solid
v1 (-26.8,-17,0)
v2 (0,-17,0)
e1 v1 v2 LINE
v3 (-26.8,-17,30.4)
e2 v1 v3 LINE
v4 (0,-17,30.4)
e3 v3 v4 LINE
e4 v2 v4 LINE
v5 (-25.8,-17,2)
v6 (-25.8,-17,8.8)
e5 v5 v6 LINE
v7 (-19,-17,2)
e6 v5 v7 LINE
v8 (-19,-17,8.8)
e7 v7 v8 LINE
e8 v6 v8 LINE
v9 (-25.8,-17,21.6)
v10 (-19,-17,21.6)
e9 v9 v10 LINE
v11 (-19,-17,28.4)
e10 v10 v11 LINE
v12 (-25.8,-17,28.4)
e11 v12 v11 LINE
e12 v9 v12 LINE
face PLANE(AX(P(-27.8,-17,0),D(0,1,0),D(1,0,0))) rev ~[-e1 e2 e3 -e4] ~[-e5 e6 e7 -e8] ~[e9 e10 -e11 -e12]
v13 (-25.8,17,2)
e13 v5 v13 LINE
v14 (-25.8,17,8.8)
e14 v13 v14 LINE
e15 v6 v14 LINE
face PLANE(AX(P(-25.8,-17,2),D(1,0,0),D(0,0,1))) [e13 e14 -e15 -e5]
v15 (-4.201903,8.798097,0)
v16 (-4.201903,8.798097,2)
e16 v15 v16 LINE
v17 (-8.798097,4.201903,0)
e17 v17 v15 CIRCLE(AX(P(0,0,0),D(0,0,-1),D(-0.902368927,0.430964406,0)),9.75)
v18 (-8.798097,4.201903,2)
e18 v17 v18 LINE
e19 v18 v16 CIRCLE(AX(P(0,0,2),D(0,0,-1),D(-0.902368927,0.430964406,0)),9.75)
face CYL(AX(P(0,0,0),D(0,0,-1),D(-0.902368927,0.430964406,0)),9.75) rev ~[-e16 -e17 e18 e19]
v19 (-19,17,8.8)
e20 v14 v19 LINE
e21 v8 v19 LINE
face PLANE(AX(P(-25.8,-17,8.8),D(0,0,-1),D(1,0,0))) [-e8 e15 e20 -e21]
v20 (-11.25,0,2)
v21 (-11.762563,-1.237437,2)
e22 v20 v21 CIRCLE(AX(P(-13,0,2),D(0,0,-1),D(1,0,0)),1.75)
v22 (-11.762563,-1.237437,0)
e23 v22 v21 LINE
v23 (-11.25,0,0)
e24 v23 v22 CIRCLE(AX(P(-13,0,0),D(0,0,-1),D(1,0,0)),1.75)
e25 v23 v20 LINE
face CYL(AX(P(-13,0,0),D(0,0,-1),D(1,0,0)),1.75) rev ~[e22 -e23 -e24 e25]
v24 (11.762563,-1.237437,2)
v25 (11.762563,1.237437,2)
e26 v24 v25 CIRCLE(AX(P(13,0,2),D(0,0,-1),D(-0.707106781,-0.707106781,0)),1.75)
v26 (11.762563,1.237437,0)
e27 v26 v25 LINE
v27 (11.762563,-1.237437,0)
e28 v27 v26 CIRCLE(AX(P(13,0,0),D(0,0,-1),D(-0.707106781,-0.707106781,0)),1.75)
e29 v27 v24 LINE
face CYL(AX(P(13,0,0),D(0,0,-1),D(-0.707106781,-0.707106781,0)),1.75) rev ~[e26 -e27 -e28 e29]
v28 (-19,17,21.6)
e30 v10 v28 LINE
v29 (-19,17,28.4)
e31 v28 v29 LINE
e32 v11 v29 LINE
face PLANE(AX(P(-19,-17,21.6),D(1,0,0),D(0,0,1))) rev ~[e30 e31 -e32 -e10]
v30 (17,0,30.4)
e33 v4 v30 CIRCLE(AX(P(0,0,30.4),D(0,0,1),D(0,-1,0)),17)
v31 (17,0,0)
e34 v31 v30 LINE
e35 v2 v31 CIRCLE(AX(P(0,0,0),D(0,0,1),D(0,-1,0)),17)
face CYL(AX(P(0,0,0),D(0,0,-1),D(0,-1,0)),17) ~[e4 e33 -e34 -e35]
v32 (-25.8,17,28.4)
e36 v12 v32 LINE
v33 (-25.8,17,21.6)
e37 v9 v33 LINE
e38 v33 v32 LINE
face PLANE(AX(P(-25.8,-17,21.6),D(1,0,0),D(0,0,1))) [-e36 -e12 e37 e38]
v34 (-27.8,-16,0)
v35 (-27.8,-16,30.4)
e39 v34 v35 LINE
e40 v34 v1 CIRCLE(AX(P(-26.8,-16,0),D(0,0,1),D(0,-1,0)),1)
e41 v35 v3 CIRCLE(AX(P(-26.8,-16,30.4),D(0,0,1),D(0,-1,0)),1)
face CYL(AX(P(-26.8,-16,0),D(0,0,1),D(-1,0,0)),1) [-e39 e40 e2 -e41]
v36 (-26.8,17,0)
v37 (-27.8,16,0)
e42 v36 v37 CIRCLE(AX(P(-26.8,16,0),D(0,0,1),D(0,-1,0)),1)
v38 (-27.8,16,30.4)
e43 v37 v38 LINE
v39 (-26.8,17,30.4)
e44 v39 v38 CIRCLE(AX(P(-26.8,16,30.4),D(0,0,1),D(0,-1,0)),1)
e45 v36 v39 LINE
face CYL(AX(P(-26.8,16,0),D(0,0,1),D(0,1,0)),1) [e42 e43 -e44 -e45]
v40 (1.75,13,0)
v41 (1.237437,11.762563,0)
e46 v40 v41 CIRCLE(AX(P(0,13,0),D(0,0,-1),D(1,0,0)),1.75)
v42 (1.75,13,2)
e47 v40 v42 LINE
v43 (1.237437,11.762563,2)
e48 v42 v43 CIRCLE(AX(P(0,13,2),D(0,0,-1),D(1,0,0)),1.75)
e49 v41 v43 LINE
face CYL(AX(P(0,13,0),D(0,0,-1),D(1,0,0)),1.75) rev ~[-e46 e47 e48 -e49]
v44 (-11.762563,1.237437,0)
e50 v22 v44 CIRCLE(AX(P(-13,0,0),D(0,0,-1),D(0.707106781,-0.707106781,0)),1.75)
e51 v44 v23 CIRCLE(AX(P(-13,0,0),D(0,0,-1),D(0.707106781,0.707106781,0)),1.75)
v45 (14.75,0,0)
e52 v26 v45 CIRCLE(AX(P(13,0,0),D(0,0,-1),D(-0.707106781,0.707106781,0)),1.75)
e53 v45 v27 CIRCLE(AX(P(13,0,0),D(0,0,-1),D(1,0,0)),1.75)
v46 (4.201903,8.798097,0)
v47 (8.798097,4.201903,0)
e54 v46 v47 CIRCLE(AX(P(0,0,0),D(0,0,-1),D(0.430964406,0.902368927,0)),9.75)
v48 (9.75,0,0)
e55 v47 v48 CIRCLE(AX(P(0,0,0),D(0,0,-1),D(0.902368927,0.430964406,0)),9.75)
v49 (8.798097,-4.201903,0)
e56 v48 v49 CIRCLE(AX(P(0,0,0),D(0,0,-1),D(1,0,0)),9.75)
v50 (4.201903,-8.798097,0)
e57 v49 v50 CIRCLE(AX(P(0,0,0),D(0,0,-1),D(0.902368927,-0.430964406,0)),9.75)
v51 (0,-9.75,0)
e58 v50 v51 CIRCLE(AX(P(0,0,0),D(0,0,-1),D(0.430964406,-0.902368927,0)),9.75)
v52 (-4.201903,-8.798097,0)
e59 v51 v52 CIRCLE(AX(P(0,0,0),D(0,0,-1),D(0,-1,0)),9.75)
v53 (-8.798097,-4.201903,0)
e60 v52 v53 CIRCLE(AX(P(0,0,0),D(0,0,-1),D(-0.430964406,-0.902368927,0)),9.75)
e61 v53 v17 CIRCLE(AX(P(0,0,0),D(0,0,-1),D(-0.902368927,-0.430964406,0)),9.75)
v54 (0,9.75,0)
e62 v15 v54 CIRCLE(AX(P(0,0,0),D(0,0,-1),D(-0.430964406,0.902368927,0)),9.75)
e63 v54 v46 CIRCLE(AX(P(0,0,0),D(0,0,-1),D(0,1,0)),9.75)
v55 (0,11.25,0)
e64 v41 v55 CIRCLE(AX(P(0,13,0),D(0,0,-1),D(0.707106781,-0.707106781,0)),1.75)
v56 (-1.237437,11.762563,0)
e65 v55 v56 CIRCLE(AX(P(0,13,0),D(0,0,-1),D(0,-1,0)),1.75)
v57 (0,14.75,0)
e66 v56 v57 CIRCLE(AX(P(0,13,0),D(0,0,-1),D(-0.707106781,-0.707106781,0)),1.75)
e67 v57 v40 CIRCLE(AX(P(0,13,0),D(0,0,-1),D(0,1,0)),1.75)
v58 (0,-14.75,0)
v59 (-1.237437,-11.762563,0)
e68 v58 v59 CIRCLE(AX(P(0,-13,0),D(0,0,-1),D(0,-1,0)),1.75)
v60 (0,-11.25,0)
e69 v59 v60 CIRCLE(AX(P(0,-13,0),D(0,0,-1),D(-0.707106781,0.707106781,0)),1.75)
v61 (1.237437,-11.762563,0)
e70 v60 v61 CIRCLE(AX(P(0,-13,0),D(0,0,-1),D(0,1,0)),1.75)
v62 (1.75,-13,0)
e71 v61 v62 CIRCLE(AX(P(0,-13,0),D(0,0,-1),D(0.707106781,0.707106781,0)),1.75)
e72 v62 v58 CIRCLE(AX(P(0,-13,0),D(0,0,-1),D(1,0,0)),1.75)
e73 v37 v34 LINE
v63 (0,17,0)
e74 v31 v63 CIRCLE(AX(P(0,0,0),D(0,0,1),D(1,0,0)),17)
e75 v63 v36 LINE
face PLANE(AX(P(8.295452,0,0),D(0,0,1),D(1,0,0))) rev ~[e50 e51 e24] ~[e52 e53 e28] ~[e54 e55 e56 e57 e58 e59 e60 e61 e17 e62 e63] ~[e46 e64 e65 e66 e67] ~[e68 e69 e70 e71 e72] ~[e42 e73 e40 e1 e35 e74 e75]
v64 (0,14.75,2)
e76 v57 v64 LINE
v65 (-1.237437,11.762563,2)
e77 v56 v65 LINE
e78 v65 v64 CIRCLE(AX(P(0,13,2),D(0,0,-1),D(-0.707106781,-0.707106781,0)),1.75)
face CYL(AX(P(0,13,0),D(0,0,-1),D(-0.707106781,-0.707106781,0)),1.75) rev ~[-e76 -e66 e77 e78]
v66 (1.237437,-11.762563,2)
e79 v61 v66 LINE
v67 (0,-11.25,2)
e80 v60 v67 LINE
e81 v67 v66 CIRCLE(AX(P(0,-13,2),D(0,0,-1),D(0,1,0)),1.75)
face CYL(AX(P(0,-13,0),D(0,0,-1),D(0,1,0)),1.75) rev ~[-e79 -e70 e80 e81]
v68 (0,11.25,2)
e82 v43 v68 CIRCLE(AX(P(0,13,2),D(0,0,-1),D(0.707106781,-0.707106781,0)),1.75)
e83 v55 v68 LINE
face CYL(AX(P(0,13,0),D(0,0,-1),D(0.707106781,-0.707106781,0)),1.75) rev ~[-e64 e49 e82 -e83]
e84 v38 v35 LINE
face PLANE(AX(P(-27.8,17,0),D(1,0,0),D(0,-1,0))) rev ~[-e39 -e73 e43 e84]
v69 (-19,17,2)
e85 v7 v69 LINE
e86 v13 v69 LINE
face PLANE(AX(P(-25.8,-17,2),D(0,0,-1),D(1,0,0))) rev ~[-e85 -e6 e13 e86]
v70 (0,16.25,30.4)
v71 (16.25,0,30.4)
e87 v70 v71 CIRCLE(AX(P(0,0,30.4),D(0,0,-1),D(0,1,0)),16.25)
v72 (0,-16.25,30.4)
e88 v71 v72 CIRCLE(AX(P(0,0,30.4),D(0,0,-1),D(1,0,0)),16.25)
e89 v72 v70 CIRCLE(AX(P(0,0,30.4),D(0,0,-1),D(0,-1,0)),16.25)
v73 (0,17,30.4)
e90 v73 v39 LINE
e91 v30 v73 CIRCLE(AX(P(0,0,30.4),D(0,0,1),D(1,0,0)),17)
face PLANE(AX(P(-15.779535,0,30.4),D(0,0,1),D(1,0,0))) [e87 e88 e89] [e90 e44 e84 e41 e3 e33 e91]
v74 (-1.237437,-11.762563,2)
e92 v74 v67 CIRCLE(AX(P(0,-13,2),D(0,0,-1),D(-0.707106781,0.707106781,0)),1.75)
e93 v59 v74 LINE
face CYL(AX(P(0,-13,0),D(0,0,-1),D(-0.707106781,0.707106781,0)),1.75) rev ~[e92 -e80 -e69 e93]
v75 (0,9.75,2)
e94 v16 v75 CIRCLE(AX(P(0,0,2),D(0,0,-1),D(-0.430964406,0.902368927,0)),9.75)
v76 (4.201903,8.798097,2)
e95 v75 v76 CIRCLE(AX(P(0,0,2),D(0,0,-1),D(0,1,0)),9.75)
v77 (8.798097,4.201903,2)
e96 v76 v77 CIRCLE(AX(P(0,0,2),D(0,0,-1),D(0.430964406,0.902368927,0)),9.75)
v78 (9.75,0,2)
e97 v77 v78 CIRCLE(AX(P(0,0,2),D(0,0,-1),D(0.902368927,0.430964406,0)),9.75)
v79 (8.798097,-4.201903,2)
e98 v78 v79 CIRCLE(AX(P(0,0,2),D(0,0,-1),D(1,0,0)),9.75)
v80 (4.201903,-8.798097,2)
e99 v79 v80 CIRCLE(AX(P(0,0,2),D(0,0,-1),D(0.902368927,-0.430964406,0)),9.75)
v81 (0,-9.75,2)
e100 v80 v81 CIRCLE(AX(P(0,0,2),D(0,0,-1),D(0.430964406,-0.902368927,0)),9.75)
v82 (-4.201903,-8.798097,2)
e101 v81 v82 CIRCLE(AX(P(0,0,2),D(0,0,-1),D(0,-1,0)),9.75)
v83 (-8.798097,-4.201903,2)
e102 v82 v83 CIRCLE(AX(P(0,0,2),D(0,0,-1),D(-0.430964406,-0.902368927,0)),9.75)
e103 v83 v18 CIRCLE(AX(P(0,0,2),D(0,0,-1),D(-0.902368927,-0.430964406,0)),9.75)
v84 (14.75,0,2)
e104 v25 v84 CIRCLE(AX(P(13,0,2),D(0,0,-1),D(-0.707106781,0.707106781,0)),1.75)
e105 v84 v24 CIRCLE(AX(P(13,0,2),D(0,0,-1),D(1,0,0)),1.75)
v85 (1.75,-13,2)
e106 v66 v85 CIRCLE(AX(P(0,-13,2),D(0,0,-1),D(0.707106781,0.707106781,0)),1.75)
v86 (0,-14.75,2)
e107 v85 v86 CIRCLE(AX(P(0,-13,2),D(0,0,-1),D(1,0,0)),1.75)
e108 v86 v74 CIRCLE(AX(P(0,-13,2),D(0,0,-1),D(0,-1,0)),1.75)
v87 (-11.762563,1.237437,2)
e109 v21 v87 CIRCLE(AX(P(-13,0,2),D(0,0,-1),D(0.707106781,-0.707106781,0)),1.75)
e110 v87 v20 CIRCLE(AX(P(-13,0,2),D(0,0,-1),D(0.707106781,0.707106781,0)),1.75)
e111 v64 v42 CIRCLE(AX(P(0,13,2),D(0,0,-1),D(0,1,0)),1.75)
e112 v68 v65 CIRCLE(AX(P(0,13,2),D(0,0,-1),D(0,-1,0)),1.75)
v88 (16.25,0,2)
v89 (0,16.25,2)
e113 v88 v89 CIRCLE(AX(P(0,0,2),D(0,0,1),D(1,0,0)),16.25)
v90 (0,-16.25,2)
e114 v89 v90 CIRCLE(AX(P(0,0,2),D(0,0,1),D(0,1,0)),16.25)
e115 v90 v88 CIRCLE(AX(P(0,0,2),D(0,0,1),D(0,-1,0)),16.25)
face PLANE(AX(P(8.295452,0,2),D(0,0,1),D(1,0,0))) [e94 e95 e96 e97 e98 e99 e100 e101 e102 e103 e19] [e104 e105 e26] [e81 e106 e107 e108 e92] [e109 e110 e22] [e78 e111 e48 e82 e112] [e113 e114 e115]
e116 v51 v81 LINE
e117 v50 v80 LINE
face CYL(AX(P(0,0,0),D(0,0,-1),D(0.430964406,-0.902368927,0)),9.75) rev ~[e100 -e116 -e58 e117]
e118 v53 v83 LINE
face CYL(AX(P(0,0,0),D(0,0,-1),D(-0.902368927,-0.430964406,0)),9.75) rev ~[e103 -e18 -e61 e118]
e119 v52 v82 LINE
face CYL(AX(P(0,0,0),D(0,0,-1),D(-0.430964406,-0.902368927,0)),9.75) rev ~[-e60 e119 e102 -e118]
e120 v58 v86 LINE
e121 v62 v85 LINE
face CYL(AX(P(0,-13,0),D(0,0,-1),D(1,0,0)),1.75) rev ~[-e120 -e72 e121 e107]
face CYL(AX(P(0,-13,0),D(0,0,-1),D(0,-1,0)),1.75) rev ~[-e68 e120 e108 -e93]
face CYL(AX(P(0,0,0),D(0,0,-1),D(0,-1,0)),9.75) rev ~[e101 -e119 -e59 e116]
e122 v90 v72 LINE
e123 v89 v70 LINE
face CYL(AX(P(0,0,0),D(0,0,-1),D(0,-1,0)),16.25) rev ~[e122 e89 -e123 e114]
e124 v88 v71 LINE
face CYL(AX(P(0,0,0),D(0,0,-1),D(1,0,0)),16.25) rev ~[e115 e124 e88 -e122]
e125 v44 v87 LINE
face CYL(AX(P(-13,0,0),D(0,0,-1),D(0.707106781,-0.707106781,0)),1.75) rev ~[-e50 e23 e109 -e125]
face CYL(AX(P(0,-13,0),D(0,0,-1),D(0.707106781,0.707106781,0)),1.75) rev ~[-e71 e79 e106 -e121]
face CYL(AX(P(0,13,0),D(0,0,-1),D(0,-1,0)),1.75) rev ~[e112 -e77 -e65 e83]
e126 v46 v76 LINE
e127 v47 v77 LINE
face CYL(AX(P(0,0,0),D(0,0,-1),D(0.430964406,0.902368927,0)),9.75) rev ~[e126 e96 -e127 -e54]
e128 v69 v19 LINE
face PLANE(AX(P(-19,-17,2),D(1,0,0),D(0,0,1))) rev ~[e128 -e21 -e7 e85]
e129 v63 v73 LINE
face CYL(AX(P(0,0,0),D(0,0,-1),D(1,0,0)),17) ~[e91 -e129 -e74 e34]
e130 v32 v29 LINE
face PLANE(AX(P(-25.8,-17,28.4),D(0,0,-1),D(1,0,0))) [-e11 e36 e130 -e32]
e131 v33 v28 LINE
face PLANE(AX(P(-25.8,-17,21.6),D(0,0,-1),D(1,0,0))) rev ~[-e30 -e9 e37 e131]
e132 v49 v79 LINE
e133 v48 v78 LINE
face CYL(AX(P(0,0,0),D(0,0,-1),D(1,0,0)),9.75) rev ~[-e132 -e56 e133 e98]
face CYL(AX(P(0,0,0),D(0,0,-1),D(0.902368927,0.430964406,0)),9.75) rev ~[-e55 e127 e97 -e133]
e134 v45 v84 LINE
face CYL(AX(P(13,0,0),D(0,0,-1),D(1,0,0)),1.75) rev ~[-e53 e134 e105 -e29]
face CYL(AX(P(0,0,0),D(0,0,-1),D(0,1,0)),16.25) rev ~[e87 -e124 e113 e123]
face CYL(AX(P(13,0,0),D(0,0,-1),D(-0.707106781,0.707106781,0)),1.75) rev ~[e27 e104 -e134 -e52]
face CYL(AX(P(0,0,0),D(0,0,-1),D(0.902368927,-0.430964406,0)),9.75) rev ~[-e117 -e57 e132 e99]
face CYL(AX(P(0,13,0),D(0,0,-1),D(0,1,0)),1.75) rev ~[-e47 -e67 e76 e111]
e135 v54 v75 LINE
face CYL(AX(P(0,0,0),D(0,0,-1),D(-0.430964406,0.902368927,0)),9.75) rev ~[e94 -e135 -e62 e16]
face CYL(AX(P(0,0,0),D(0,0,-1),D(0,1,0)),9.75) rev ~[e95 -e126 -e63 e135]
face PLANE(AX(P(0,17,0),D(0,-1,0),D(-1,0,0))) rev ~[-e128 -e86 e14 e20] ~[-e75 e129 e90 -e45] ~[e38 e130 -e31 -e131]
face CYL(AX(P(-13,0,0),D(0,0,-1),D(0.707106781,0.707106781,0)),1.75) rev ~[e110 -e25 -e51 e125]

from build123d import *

# Parameters (mm, degrees)
F1_DEPTH = 30.4
F2_DEPTH = 2
F3_W     = 6.8
F3_H     = 6.8
F4_DEPTH = 50
F5_R     = 1


with BuildPart() as f1:
    # F0 (on Top) → F1 (new body)
    with BuildSketch(Plane.XY):
        with BuildLine():
            ThreePointArc((0, -17), (-17, 0), (0, 17))
            Line((0, 17), (-27.8, 17))
            Line((-27.8, 17), (-27.8, -17))
            Line((-27.8, -17), (0, -17))
        make_face()
        with BuildLine():
            ThreePointArc((0, -16.25), (-16.25, 0), (0, 16.25))
            Line((0, 16.25), (0, 17))
            ThreePointArc((0, 17), (-17, 0), (0, -17))
            Line((0, -17), (0, -16.25))
        make_face()
        with BuildLine():
            ThreePointArc((0, 16.25), (11.4904851943, 11.4904851943), (16.25, 0))
            ThreePointArc((16.25, 0), (11.4904851943, -11.4904851943), (0, -16.25))
            Line((0, -16.25), (0, -17))
            ThreePointArc((0, -17), (12.0208152802, -12.0208152802), (17, 0))
            ThreePointArc((17, 0), (12.0208152802, 12.0208152802), (0, 17))
            Line((0, 17), (0, 16.25))
        make_face()
    extrude(amount=F1_DEPTH)

    # F0 (on Top) → F2 (join)
    with BuildSketch(Plane.XY):
        with BuildLine():
            ThreePointArc((0, -16.25), (11.4904851943, -11.4904851943), (16.25, 0))
            ThreePointArc((16.25, 0), (11.4904851943, 11.4904851943), (0, 16.25))
            Line((0, 16.25), (0, 14.75))
            ThreePointArc((0, 14.75), (1.2374368671, 14.2374368671), (1.75, 13))
            ThreePointArc((1.75, 13), (1.6167891819, 12.3303039934), (1.2374368671, 11.7625631329))
            Line((1.2374368671, 11.7625631329), (4.2019029611, 8.7980970389))
            ThreePointArc((4.2019029611, 8.7980970389), (6.8942911166, 6.8942911166), (8.7980970389, 4.2019029611))
            Line((8.7980970389, 4.2019029611), (11.7625631329, 1.2374368671))
            ThreePointArc((11.7625631329, 1.2374368671), (13.6696960066, 1.6167891819), (14.75, 0))
            ThreePointArc((14.75, 0), (13.6696960066, -1.6167891819), (11.7625631329, -1.2374368671))
            Line((11.7625631329, -1.2374368671), (8.7980970389, -4.2019029611))
            ThreePointArc((8.7980970389, -4.2019029611), (6.8942911166, -6.8942911166), (4.2019029611, -8.7980970389))
            Line((4.2019029611, -8.7980970389), (1.2374368671, -11.7625631329))
            ThreePointArc((1.2374368671, -11.7625631329), (1.6167891819, -12.3303039934), (1.75, -13))
            ThreePointArc((1.75, -13), (1.2374368671, -14.2374368671), (0, -14.75))
            Line((0, -14.75), (0, -16.25))
        make_face()
        with BuildLine():
            Line((0, 14.75), (0, 16.25))
            ThreePointArc((0, 16.25), (-16.25, 0), (0, -16.25))
            Line((0, -16.25), (0, -14.75))
            ThreePointArc((0, -14.75), (-1.6167891819, -13.6696960066), (-1.2374368671, -11.7625631329))
            Line((-1.2374368671, -11.7625631329), (-4.2019029611, -8.7980970389))
            ThreePointArc((-4.2019029611, -8.7980970389), (-6.8942911166, -6.8942911166), (-8.7980970389, -4.2019029611))
            Line((-8.7980970389, -4.2019029611), (-11.7625631329, -1.2374368671))
            ThreePointArc((-11.7625631329, -1.2374368671), (-14.75, 0), (-11.7625631329, 1.2374368671))
            Line((-11.7625631329, 1.2374368671), (-8.7980970389, 4.2019029611))
            ThreePointArc((-8.7980970389, 4.2019029611), (-6.8942911166, 6.8942911166), (-4.2019029611, 8.7980970389))
            Line((-4.2019029611, 8.7980970389), (-1.2374368671, 11.7625631329))
            ThreePointArc((-1.2374368671, 11.7625631329), (-1.6167891819, 13.6696960066), (0, 14.75))
        make_face()
        with BuildLine():
            ThreePointArc((1.2374368671, 11.7625631329), (0.6696960066, 11.3832108181), (0, 11.25))
            Line((0, 11.25), (0, 9.75))
            ThreePointArc((0, 9.75), (2.1541882312, 9.5090469062), (4.2019029611, 8.7980970389))
            Line((4.2019029611, 8.7980970389), (1.2374368671, 11.7625631329))
        make_face()
        with BuildLine():
            ThreePointArc((0, 11.25), (-0.6696960066, 11.3832108181), (-1.2374368671, 11.7625631329))
            Line((-1.2374368671, 11.7625631329), (-4.2019029611, 8.7980970389))
            ThreePointArc((-4.2019029611, 8.7980970389), (-2.1541882312, 9.5090469062), (0, 9.75))
            Line((0, 9.75), (0, 11.25))
        make_face()
        with BuildLine():
            ThreePointArc((-8.7980970389, -4.2019029611), (-9.75, 0), (-8.7980970389, 4.2019029611))
            Line((-8.7980970389, 4.2019029611), (-11.7625631329, 1.2374368671))
            ThreePointArc((-11.7625631329, 1.2374368671), (-11.3832108181, 0.6696960066), (-11.25, 0))
            ThreePointArc((-11.25, 0), (-11.3832108181, -0.6696960066), (-11.7625631329, -1.2374368671))
            Line((-11.7625631329, -1.2374368671), (-8.7980970389, -4.2019029611))
        make_face()
        with BuildLine():
            Line((11.7625631329, 1.2374368671), (8.7980970389, 4.2019029611))
            ThreePointArc((8.7980970389, 4.2019029611), (9.5090469062, 2.1541882312), (9.75, 0))
            ThreePointArc((9.75, 0), (9.5090469062, -2.1541882312), (8.7980970389, -4.2019029611))
            Line((8.7980970389, -4.2019029611), (11.7625631329, -1.2374368671))
            ThreePointArc((11.7625631329, -1.2374368671), (11.25, 0), (11.7625631329, 1.2374368671))
        make_face()
        with BuildLine():
            Line((0, -9.75), (0, -11.25))
            ThreePointArc((0, -11.25), (0.6696960066, -11.3832108181), (1.2374368671, -11.7625631329))
            Line((1.2374368671, -11.7625631329), (4.2019029611, -8.7980970389))
            ThreePointArc((4.2019029611, -8.7980970389), (2.1541882312, -9.5090469062), (0, -9.75))
        make_face()
        with BuildLine():
            Line((-4.2019029611, -8.7980970389), (-1.2374368671, -11.7625631329))
            ThreePointArc((-1.2374368671, -11.7625631329), (-0.6696960066, -11.3832108181), (0, -11.25))
            Line((0, -11.25), (0, -9.75))
            ThreePointArc((0, -9.75), (-2.1541882312, -9.5090469062), (-4.2019029611, -8.7980970389))
        make_face()
    extrude(amount=F2_DEPTH)

    # F3 (on face) → F4 (cut)
    with BuildSketch(Plane.XZ.offset(17)):
        with Locations((-22.4, 25)):
            Rectangle(F3_W, F3_H)
        with Locations((-22.4, 5.4)):
            Rectangle(F3_W, F3_H)
    extrude(amount=-F4_DEPTH, mode=Mode.SUBTRACT)

    # F5
    f5_edges = [f1.edges().sort_by_distance(p)[0] for p in [
        (-27.8, 17, 15.2),
        (-27.8, -17, 15.2),
    ]]
    fillet(f5_edges, radius=F5_R)


solid = f1.part
